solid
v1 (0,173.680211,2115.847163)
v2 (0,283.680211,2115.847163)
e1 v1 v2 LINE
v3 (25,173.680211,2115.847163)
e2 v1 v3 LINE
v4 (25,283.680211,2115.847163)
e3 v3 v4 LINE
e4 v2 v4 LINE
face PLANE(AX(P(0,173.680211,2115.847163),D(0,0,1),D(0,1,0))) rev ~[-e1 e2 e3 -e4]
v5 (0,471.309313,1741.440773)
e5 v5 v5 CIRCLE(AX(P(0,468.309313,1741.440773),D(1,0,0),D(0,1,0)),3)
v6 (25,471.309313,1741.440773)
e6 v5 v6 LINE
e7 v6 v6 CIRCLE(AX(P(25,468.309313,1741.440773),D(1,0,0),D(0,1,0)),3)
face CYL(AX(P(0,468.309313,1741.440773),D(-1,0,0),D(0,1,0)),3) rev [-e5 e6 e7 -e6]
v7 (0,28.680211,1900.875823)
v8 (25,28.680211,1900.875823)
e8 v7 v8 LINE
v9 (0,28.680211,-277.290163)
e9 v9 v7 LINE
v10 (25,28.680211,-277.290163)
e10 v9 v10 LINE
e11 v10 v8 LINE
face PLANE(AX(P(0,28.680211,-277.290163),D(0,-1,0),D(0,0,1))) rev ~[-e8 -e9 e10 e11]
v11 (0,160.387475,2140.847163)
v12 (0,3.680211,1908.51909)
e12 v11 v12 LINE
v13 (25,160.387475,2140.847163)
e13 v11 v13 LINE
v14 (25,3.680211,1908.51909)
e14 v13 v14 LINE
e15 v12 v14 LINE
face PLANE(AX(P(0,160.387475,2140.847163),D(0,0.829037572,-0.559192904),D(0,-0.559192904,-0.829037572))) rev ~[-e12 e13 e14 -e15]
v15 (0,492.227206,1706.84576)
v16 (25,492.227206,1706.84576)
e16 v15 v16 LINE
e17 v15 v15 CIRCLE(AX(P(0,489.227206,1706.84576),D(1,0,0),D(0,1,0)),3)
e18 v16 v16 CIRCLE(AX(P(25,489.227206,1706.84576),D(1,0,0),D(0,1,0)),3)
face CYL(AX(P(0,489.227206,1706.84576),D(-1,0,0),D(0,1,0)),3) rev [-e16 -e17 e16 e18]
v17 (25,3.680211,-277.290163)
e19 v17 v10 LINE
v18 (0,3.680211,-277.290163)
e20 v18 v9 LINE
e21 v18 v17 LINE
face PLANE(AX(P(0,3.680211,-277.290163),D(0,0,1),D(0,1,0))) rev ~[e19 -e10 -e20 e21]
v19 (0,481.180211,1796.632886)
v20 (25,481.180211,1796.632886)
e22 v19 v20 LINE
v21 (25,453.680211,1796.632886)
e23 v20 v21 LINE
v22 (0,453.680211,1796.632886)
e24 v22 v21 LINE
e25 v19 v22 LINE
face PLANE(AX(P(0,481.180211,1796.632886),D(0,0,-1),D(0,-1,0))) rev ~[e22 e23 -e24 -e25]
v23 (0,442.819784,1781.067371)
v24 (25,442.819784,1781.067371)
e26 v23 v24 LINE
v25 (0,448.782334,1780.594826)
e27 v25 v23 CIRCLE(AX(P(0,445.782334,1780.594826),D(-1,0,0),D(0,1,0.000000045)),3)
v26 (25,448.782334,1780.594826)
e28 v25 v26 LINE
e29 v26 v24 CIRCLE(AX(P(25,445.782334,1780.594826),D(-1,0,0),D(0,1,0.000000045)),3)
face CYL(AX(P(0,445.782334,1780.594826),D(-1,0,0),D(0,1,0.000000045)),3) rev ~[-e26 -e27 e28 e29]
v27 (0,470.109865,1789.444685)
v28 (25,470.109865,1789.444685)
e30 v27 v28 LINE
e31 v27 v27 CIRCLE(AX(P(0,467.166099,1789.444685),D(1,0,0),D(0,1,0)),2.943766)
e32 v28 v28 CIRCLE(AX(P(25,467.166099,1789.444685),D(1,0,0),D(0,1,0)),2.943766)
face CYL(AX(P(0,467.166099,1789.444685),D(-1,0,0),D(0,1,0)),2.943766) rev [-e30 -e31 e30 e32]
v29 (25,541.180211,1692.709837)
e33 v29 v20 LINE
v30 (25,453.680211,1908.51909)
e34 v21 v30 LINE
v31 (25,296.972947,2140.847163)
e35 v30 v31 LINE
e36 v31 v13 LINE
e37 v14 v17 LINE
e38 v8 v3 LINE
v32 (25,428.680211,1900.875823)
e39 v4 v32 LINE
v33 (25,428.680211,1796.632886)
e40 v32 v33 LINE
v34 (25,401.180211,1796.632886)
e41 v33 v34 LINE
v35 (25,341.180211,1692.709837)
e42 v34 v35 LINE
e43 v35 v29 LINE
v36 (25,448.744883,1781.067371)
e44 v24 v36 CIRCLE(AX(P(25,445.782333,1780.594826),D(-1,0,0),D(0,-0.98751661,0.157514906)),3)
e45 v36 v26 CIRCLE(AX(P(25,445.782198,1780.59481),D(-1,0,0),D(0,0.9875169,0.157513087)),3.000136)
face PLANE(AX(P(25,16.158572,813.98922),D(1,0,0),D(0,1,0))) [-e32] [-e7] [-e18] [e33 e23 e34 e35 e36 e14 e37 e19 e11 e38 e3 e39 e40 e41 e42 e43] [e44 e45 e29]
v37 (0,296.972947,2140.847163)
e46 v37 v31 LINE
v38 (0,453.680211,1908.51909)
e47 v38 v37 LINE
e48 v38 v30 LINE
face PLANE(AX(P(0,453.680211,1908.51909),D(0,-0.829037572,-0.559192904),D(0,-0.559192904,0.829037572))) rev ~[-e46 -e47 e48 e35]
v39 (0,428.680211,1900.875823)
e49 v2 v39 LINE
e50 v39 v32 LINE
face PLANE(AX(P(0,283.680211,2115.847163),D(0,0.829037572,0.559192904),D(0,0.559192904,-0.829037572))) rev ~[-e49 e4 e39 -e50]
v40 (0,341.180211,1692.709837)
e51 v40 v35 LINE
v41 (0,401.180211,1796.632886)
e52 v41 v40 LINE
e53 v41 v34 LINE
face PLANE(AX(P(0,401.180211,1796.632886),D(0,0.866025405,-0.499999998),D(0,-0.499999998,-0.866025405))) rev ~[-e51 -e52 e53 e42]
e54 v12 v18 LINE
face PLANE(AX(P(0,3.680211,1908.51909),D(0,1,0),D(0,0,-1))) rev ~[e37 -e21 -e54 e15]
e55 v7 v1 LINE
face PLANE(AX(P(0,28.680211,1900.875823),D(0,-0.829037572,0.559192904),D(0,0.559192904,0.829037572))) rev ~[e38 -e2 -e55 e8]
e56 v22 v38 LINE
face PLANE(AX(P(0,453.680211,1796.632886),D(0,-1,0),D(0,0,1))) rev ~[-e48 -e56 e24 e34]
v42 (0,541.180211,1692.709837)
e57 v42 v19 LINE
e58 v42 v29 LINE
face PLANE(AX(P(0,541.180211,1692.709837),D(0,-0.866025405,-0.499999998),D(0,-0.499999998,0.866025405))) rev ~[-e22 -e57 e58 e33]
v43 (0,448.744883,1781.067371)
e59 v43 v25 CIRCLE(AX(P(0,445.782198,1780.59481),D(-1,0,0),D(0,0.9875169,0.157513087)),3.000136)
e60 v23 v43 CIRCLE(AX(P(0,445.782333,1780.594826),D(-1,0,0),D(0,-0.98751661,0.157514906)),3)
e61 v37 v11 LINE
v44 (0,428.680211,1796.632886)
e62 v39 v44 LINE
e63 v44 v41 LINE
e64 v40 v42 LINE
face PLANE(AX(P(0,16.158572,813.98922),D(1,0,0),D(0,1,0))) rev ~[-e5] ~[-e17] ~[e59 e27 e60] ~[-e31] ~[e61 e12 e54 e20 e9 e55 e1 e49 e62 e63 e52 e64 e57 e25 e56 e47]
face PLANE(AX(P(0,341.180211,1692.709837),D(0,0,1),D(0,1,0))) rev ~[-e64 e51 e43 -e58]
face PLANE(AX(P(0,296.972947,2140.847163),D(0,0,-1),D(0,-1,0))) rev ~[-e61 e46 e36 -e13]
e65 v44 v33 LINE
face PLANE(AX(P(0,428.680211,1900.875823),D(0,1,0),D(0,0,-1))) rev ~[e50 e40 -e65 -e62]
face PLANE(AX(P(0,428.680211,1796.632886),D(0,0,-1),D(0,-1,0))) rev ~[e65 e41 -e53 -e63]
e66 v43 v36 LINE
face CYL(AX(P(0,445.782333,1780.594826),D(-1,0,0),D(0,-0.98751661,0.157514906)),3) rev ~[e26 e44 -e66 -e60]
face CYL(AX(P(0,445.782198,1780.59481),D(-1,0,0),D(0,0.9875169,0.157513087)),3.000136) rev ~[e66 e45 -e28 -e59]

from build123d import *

# Parameters (mm, degrees)
F0_W     = 25
F0_H     = 25
F0_R     = 3
F0_R_2   = 2.943766
F1_DEPTH = 25


with BuildPart() as f1:
    # F0 (on Right) → F1 (new body)
    with BuildSketch(Plane.YZ):
        Polygon((28.680211, 1900.875823), (3.680211, 1908.51909), (3.680211, -277.290163), (28.680211, -277.290163), align=None)
        Polygon((160.387475, 2140.847163), (3.680211, 1908.51909), (28.680211, 1900.875823), (173.680211, 2115.847163), align=None)
        Polygon((296.972947, 2140.847163), (160.387475, 2140.847163), (173.680211, 2115.847163), (283.680211, 2115.847163), align=None)
        Polygon((453.680211, 1908.51909), (296.972947, 2140.847163), (283.680211, 2115.847163), (428.680211, 1900.875823), align=None)
        Polygon((453.680211, 1821.632886), (453.680211, 1908.51909), (428.680211, 1900.875823), (428.680211, 1821.632886), align=None)
        with Locations((441.180211, 1809.132886)):
            Rectangle(F0_W, F0_H)
        with BuildLine():
            Line((476.079169, 1779.894328), (481.180211, 1796.632886))
            Line((481.180211, 1796.632886), (474.974158, 1781.067371))
            Line((474.974158, 1781.067371), (448.744883, 1781.067371))
            ThreePointArc((448.744883, 1781.067371), (448.772956, 1780.831839), (448.782334, 1780.594826))
            ThreePointArc((448.782334, 1780.594826), (445.54532, 1777.604203), (442.819784, 1781.067371))
            Line((442.819784, 1781.067371), (412.465903, 1781.067371))
            Line((412.465903, 1781.067371), (401.180211, 1796.632886))
            Line((401.180211, 1796.632886), (410.844222, 1779.894328))
            Line((410.844222, 1779.894328), (364.232844, 1699.161054))
            Line((364.232844, 1699.161054), (341.180211, 1692.709837))
            Line((341.180211, 1692.709837), (541.180211, 1692.709837))
            Line((541.180211, 1692.709837), (522.690546, 1699.161054))
            Line((522.690546, 1699.161054), (476.079169, 1779.894328))
        make_face()
        with Locations((489.227206, 1706.84576)):
            Circle(F0_R, mode=Mode.SUBTRACT)
        with Locations((468.309313, 1741.440773)):
            Circle(F0_R, mode=Mode.SUBTRACT)
        Polygon((541.180211, 1692.709837), (481.180211, 1796.632886), (476.079169, 1779.894328), (522.690546, 1699.161054), align=None)
        with BuildLine():
            Line((481.180211, 1796.632886), (453.680211, 1796.632886))
            Line((453.680211, 1796.632886), (428.680211, 1796.632886))
            Line((428.680211, 1796.632886), (401.180211, 1796.632886))
            Line((401.180211, 1796.632886), (412.465903, 1781.067371))
            Line((412.465903, 1781.067371), (442.819784, 1781.067371))
            ThreePointArc((442.819784, 1781.067371), (445.782334, 1783.594826), (448.744883, 1781.067371))
            Line((448.744883, 1781.067371), (474.974158, 1781.067371))
            Line((474.974158, 1781.067371), (481.180211, 1796.632886))
        make_face()
        with Locations((467.166099, 1789.444685)):
            Circle(F0_R_2, mode=Mode.SUBTRACT)
        Polygon((410.844222, 1779.894328), (401.180211, 1796.632886), (341.180211, 1692.709837), (364.232844, 1699.161054), align=None)
    extrude(amount=F1_DEPTH)


solid = f1.part
